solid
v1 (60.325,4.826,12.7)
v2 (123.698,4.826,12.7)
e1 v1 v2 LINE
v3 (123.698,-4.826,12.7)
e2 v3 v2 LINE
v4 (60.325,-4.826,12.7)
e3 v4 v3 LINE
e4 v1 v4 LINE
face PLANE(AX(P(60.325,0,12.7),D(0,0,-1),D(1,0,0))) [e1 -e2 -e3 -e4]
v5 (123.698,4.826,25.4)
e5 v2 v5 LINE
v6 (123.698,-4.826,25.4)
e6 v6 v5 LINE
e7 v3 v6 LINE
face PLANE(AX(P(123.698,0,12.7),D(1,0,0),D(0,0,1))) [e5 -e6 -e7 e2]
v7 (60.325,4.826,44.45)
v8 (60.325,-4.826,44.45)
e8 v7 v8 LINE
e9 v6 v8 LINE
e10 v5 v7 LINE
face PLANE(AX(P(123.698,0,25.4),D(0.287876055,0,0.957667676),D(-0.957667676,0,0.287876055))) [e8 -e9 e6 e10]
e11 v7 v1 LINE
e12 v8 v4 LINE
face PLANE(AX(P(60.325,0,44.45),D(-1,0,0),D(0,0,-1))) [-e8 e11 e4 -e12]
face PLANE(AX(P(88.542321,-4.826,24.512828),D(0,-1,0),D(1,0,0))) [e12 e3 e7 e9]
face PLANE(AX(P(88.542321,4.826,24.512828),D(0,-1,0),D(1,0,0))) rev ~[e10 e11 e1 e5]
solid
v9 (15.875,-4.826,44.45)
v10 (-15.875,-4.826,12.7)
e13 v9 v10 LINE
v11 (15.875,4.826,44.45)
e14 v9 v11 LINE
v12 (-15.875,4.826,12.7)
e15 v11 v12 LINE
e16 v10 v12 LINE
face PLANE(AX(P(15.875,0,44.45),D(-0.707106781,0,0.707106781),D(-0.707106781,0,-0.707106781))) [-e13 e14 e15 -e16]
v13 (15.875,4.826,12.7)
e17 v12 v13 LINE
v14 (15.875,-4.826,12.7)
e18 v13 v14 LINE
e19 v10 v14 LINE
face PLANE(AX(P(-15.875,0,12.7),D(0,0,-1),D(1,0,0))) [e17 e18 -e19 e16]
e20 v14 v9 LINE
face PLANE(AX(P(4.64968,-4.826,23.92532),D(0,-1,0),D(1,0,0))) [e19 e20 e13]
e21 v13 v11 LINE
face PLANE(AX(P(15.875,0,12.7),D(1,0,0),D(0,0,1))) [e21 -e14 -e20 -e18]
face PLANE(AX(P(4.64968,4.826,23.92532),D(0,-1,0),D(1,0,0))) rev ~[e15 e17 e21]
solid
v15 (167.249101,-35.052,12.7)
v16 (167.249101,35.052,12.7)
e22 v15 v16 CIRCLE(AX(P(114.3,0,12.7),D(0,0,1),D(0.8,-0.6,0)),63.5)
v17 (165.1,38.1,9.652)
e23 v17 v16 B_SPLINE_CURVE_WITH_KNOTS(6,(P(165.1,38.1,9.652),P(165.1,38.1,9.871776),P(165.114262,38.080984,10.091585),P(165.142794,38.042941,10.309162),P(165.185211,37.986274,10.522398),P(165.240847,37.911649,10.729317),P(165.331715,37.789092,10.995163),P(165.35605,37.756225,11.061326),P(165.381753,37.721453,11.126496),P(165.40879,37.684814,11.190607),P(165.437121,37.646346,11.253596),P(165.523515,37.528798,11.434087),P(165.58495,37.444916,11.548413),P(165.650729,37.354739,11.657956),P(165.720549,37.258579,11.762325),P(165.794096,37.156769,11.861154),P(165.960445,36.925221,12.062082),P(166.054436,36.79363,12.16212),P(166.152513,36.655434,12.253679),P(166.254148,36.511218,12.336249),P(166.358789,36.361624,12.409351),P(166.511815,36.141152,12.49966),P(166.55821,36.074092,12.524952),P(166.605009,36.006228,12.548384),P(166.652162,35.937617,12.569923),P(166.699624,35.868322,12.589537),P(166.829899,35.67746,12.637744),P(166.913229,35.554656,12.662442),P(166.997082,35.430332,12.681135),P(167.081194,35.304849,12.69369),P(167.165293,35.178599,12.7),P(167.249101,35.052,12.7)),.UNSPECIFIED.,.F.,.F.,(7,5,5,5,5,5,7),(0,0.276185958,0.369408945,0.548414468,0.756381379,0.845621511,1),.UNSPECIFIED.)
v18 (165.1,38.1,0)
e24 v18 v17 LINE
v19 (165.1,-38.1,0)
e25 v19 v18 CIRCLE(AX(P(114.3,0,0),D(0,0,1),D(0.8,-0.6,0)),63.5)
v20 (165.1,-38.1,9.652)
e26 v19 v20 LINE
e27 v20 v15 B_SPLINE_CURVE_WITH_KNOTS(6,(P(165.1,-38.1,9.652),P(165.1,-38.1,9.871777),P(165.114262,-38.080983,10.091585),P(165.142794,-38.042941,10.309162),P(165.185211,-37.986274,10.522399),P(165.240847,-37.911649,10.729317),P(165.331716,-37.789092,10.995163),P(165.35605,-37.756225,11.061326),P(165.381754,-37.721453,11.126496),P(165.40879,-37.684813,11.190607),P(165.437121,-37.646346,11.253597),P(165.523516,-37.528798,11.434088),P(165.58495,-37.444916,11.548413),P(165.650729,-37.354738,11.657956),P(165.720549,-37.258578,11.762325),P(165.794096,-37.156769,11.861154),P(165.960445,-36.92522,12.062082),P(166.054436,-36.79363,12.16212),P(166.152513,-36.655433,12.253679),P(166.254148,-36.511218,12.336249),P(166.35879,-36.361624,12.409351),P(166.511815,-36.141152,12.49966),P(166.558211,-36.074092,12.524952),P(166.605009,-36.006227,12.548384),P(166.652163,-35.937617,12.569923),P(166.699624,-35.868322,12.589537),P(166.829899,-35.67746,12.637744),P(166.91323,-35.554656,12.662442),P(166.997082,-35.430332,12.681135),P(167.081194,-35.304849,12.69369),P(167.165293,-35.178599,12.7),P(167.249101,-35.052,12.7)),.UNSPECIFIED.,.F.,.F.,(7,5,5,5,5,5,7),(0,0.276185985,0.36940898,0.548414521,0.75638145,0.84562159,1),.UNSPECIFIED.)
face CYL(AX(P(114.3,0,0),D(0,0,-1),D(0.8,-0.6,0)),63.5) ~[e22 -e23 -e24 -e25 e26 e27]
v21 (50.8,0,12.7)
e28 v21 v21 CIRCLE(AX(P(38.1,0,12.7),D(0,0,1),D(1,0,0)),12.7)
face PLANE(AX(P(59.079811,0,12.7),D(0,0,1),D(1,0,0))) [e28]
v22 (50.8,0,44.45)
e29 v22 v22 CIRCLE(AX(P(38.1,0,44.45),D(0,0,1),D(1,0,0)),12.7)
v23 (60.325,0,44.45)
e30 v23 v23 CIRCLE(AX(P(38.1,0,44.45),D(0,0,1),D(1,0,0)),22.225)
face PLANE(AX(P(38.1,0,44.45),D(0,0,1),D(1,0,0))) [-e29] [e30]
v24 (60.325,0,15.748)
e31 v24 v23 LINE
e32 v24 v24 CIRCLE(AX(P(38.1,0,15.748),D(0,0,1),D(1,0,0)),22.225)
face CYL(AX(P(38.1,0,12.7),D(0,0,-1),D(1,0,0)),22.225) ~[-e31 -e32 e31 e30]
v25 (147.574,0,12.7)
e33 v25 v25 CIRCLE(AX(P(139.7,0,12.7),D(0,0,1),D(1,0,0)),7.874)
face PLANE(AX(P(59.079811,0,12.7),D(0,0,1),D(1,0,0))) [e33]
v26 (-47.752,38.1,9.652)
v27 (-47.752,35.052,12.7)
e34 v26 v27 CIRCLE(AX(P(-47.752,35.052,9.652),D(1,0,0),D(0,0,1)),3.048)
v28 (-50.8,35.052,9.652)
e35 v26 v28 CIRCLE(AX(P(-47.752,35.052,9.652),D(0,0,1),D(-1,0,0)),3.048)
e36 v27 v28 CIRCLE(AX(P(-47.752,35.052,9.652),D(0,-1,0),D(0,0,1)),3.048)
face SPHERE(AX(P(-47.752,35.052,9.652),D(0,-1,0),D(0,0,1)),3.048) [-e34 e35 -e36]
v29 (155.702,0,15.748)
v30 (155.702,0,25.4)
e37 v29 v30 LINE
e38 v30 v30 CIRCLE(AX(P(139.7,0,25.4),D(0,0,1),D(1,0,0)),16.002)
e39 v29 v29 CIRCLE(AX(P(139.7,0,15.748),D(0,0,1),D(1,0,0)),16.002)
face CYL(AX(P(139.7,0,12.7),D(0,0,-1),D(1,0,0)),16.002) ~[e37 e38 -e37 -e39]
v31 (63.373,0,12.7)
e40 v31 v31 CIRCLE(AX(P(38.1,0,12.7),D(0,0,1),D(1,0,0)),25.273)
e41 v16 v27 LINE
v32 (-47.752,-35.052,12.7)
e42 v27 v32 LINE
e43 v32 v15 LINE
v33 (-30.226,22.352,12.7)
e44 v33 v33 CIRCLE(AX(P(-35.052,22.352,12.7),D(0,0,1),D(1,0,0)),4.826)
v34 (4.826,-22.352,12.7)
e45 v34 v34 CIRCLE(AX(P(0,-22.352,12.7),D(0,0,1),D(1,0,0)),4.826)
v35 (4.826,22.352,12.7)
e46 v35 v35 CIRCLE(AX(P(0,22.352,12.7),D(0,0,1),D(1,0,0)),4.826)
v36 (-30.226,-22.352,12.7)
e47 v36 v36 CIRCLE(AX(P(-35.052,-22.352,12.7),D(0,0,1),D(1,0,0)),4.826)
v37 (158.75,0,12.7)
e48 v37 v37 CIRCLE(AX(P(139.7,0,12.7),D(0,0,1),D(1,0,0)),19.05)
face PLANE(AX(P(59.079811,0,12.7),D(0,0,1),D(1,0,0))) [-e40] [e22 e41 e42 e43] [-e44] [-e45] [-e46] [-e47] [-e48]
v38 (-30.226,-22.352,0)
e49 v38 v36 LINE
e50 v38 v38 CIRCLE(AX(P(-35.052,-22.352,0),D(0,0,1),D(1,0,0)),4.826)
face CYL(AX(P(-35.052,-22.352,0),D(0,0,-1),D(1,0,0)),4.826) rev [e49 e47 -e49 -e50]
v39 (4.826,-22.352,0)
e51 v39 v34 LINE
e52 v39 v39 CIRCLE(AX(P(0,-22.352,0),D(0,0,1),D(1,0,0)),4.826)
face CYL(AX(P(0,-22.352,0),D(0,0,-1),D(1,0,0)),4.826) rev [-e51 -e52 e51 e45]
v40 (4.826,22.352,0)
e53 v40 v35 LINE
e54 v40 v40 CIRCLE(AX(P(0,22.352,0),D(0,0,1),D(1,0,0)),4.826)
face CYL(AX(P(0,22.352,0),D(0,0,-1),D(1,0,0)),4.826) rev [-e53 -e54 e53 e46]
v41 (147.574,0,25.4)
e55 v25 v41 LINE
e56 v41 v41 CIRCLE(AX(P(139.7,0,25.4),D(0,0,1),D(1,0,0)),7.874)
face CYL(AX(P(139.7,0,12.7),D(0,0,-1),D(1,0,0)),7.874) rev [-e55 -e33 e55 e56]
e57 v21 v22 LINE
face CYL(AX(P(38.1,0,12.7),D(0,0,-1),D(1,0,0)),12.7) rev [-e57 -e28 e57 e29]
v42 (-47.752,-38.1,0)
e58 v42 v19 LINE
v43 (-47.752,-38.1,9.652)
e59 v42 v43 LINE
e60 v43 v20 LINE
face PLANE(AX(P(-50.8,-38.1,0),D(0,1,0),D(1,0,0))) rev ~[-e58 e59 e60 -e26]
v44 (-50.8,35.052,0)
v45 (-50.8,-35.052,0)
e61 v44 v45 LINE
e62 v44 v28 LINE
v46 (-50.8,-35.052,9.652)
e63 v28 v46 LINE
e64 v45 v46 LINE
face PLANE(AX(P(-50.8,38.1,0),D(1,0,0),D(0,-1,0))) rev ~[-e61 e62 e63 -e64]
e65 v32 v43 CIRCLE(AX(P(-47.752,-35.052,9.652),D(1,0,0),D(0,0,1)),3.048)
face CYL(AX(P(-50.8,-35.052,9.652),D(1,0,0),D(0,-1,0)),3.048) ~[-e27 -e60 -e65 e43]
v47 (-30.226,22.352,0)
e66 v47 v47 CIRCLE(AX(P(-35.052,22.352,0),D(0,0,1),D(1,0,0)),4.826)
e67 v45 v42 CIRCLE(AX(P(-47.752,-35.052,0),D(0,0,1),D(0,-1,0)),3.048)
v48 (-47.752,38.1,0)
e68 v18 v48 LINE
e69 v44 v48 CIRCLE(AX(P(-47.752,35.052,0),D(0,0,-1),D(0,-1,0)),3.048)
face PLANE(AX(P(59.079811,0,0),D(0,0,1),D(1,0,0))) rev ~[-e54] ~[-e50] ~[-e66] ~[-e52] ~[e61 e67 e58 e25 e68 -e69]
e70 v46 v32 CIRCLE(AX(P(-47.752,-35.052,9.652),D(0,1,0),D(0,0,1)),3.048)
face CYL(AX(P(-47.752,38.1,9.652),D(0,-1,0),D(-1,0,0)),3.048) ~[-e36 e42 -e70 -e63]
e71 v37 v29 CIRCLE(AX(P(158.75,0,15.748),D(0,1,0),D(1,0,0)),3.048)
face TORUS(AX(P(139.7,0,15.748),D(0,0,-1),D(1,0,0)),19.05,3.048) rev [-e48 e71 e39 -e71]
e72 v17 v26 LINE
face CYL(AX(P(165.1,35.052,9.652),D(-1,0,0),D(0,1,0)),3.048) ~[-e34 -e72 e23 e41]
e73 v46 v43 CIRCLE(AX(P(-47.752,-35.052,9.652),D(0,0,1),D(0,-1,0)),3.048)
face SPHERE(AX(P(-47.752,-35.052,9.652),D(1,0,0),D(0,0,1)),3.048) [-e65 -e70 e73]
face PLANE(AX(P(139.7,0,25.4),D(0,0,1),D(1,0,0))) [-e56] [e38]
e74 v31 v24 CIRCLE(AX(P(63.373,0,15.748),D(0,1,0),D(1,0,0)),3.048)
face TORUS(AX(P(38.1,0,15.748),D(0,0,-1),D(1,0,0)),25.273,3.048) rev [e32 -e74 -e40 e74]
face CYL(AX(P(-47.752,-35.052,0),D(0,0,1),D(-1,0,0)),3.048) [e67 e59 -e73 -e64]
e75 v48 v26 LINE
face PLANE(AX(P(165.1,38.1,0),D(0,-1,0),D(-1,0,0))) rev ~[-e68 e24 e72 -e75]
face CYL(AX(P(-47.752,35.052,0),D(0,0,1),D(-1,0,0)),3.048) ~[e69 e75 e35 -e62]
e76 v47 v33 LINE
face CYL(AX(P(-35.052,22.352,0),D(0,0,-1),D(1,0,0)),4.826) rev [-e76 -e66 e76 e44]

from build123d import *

# Parameters (mm, degrees)
F0_R     = 4.826
F1_DEPTH = 12.7
F2_R     = 22.225
F2_R_2   = 12.7
F3_DEPTH = 31.75
F4_R     = 16.002
F4_R_2   = 7.874
F5_DEPTH = 12.7
F7_DEPTH = 4.826
F8_R     = 3.048


with BuildPart() as f1:
    # F0 (on Top) → F1 (new body)
    with BuildSketch(Plane.XY):
        with BuildLine():
            Line((139.7, 38.1), (-50.8, 38.1))
            Line((-50.8, 38.1), (-50.8, 0))
            Line((-50.8, 0), (-50.8, -38.1))
            Line((-50.8, -38.1), (139.7, -38.1))
            Line((139.7, -38.1), (165.1, -38.1))
            ThreePointArc((165.1, -38.1), (177.8, 0), (165.1, 38.1))
            Line((165.1, 38.1), (139.7, 38.1))
        make_face()
        with Locations((-35.052, -22.352)):
            Circle(F0_R, mode=Mode.SUBTRACT)
        with Locations((0, -22.352)):
            Circle(F0_R, mode=Mode.SUBTRACT)
        with Locations((-35.052, 22.352)):
            Circle(F0_R, mode=Mode.SUBTRACT)
        with Locations((0, 22.352)):
            Circle(F0_R, mode=Mode.SUBTRACT)
    extrude(amount=F1_DEPTH)

    # F2 (on face) → F3 (join)
    with BuildSketch(Plane.XY.offset(12.7)):
        with Locations((38.1, 0)):
            Circle(F2_R)
        with Locations((38.1, 0)):
            Circle(F2_R_2, mode=Mode.SUBTRACT)
    extrude(amount=F3_DEPTH)

    # F4 (on face) → F5 (join)
    with BuildSketch(Plane.XY.offset(12.7)):
        with Locations((139.7, 0)):
            Circle(F4_R)
        with Locations((139.7, 0)):
            Circle(F4_R_2, mode=Mode.SUBTRACT)
    extrude(amount=F5_DEPTH)

    # F8
    f8_edges = [f1.edges().sort_by_distance(p)[0] for p in [
        (57.15, -38.1, 12.7),
        (-50.8, 0, 12.7),
        (57.15, 38.1, 12.7),
        (-50.8, -38.1, 6.35),
        (-50.8, 38.1, 6.35),
        (123.698, 0, 12.7),
        (15.875, 0, 12.7),
    ]]
    fillet(f8_edges, radius=F8_R)


with BuildPart() as f7:
    # F6 (on Front) → F7 (new body, symmetric)
    with BuildSketch(Plane.XZ):
        Polygon((-15.875, 12.7), (15.875, 12.7), (15.875, 44.45), align=None)
    extrude(amount=F7_DEPTH, both=True)


with BuildPart() as f7b:
    # F6 (on Front) → F7, piece 2 (new body, symmetric)
    with BuildSketch(Plane.XZ):
        Polygon((123.698, 25.4), (60.325, 44.45), (60.325, 12.7), (123.698, 12.7), align=None)
    extrude(amount=F7_DEPTH, both=True)


solid = Compound([f1.part, f7.part, f7b.part])
